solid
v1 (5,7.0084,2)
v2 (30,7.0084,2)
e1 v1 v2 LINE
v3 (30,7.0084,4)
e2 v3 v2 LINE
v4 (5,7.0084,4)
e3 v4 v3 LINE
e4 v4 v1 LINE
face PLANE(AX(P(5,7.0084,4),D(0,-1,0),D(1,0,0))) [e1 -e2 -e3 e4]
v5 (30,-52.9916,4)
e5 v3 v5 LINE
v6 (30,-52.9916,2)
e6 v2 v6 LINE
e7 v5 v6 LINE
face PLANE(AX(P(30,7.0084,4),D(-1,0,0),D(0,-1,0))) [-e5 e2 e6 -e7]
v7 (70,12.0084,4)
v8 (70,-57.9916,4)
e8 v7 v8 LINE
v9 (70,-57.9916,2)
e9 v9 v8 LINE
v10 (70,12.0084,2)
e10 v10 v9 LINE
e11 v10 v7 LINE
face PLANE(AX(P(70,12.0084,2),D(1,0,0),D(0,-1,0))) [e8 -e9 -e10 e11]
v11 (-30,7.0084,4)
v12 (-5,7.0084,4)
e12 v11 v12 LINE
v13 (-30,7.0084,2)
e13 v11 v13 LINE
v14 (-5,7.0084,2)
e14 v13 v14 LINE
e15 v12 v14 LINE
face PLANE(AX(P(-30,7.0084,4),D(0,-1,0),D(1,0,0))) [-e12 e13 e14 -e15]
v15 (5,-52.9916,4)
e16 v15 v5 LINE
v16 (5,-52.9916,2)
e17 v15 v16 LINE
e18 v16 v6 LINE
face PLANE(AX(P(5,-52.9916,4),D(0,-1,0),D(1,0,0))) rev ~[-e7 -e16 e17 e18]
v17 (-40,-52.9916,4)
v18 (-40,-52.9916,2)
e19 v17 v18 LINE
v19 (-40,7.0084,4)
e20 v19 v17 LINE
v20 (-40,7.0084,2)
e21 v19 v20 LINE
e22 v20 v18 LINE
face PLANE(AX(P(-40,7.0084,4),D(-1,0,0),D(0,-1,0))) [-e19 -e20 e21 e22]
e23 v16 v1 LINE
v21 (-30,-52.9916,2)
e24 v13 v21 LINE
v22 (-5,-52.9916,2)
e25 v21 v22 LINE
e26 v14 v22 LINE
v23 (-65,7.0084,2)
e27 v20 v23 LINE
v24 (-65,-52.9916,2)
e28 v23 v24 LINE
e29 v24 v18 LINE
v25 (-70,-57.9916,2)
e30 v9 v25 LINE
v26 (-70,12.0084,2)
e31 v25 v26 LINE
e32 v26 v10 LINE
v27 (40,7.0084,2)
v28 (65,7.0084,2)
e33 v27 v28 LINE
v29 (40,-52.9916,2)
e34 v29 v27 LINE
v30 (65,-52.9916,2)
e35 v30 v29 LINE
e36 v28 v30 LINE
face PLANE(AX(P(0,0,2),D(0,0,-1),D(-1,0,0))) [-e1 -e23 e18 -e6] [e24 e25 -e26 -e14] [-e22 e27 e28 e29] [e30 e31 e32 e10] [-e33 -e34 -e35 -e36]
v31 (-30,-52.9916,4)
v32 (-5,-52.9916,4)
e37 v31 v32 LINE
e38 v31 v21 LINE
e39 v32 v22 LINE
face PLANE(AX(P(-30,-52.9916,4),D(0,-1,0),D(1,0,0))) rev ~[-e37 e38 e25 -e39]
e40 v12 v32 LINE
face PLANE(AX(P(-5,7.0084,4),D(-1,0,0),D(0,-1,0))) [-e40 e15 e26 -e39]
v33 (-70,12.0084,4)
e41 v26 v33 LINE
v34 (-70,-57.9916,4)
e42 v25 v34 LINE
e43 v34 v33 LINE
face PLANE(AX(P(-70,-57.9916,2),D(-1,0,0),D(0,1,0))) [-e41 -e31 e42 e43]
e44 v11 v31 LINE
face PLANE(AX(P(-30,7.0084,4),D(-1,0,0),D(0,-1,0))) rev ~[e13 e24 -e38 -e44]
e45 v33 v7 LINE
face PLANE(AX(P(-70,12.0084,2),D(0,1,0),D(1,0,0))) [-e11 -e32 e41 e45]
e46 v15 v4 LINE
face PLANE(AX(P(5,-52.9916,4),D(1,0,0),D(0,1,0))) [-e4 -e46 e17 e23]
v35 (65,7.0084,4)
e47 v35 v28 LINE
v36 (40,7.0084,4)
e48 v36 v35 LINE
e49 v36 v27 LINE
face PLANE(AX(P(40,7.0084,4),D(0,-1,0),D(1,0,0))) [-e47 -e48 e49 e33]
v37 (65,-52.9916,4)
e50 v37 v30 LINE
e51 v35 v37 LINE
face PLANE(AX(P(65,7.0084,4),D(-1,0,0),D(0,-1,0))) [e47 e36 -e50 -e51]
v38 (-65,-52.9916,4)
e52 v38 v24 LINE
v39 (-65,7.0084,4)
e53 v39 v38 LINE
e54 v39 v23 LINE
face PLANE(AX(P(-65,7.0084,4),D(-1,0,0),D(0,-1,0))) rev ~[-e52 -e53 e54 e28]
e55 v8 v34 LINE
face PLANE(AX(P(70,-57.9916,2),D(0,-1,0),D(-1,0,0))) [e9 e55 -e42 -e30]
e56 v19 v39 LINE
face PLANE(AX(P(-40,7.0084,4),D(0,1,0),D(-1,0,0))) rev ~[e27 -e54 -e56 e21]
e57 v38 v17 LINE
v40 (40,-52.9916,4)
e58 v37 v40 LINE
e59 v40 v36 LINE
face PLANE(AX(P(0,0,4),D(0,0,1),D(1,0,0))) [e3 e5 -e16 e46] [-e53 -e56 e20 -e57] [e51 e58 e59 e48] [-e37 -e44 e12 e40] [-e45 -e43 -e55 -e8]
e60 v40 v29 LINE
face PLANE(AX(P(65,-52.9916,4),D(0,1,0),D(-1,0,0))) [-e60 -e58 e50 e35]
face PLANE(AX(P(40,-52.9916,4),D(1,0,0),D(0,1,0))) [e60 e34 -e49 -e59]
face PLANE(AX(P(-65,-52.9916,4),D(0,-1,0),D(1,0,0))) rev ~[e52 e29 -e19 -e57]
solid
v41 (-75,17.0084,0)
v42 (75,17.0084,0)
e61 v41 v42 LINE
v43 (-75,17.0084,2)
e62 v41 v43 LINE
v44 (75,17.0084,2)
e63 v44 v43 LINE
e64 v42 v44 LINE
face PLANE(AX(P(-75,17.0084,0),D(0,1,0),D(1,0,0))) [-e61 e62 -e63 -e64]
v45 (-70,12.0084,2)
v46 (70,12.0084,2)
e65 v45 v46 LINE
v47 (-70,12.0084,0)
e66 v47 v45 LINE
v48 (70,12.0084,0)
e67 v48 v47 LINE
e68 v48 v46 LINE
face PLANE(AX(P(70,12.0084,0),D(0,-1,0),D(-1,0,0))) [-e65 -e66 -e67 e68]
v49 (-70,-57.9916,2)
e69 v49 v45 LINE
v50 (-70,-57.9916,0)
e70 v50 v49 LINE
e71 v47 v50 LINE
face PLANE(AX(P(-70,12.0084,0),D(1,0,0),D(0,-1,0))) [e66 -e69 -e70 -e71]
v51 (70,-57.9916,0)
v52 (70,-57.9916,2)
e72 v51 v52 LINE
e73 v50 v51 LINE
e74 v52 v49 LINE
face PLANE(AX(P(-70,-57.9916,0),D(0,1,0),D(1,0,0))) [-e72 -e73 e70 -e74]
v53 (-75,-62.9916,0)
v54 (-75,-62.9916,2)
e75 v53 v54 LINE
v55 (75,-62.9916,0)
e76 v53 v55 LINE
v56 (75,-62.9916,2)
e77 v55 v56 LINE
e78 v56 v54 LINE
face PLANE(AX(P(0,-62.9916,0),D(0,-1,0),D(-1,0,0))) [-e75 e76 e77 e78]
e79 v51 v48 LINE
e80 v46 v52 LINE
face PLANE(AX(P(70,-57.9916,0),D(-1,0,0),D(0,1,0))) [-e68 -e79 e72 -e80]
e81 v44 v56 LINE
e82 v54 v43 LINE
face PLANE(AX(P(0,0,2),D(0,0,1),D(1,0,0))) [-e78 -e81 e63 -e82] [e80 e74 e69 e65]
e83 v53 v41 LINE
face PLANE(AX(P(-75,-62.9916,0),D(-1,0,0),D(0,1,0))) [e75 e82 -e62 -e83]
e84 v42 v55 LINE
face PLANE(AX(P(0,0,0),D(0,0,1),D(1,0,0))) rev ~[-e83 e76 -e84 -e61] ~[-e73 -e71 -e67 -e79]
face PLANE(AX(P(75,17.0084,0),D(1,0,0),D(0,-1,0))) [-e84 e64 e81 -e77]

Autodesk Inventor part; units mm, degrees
ref_plane "YZ Plane" through (0, 0, 0) normal (1, 0, 0) x (0, 1, 0)
ref_plane "XZ Plane" through (0, 0, 0) normal (0, 1, 0) x (-1, 0, 0)
ref_plane "XY Plane" through (0, 0, 0) normal (0, 0, 1) x (1, 0, 0)
sketch "Skizze1" plane through (0, 0, 0) normal (0, 0, 1) x (1, 0, 0)
  line L0 (0, -78.9916) -> (0, 33.0084) projected
  line L1 (-75, 17.0084) -> (75, 17.0084)
  line L2 (75, 17.0084) -> (75, -62.9916)
  line L3 (75, -62.9916) -> (-75, -62.9916)
  line L4 (-75, -62.9916) -> (-75, 17.0084)
  point P0 (0, 0)
  dimension "d0" = 150
  dimension "d1" = 80
extrude "Extrusion1" add sketch "Skizze1" along normal blind 2
sketch "Skizze2" plane through (0, 0, 2) normal (0, 0, 1) x (1, 0, 0)
  line L0 (-70, 12.0084) -> (70, 12.0084)
  line L1 (70, 12.0084) -> (70, -57.9916)
  line L2 (70, -57.9916) -> (-70, -57.9916)
  line L3 (-70, -57.9916) -> (-70, 12.0084)
  line L4 (75, 17.0084) -> (-75, 17.0084) projected
  line L5 (75, -62.9916) -> (75, 17.0084) projected
  point P0 (0, 0)
  dimension "d4" = 70
  dimension "d5" = 140
  dimension "d6" = 5
  dimension "d7" = 5
extrude "Extrusion2" add sketch "Skizze2" along normal blind 2
sketch "Skizze3" plane through (0, 0, 4) normal (0, 0, 1) x (1, 0, 0)
  line L0 (70, 12.0084) -> (-70, 12.0084) projected
  line L1 (-40, 12.0084) -> (-40, -57.9916)
  line L2 (-40, -57.9916) -> (-30, -57.9916)
  line L3 (-70, -57.9916) -> (70, -57.9916) projected
  line L4 (-40, 12.0084) -> (-30, 12.0084)
  line L5 (-30, 12.0084) -> (-30, -57.9916)
  line L6 (-5, -57.9916) -> (5, -57.9916)
  line L7 (5, -57.9916) -> (5, 12.0084)
  line L8 (5, 12.0084) -> (-5, 12.0084)
  line L9 (-5, 12.0084) -> (-5, -57.9916)
  line L10 (39.912, -57.9916) -> (40, -57.9916)
  line L11 (40, -57.9916) -> (40, 12.0084)
  line L12 (40, 12.0084) -> (30, 12.0084)
  line L13 (30, 12.0084) -> (30, -57.9916)
  line L14 (-70, 12.0084) -> (-70, -57.9916) projected
  line L15 (70, -57.9916) -> (70, 12.0084) projected
  line L16 (30, -57.9916) -> (40, -57.9916)
  line L17 (40, 7.0084) -> (65, 7.0084)
  line L18 (65, 7.0084) -> (65, -52.9916)
  line L19 (65, -52.9916) -> (40, -52.9916)
  line L20 (-40, 7.0084) -> (-65, 7.0084)
  line L21 (-65, 7.0084) -> (-65, -52.9916)
  line L22 (-65, -52.9916) -> (-40, -52.9916)
  line L23 (-40, 7.0084) -> (40, 7.0084)
  line L24 (-40, -52.9916) -> (40, -52.9916)
  point P0 (0, 0)
  point P1 (5, -52.9916)
  point P2 (30, -52.9916)
  point P3 (30, 7.0084)
  point P4 (5, 7.0084)
  point P5 (-30, -52.9916)
  point P6 (-5, -52.9916)
  point P7 (-5, 7.0084)
  point P8 (-30, 7.0084)
  dimension "d12" = 10
  dimension "d13" = 10
  dimension "d14" = 10
  dimension "d15" = 30
  dimension "d16" = 30
  dimension "d17" = 25
  dimension "d18" = 5
  dimension "d19" = 5
  dimension "d20" = 5
  dimension "d21" = 5
  dimension "d22" = 5
  dimension "d23" = 5
extrude "Extrusion3" cut sketch "Skizze3" against normal blind 5 contours L17 L18 L19 L11 | L13 L24 L7 L23 | L9 L24 L5 L23 | L1 L22 L21 L20
sketch "Skizze4" plane through (0, 0, 0) normal (0, 0, -1) x (-1, 0, 0)
  line L0 (-70, -57.9916) -> (-70, 12.0084) projected
  line L1 (70, 12.0084) -> (70, -57.9916) projected
  line L2 (-70, 12.0084) -> (70, 12.0084)
  line L3 (70, 12.0084) -> (70, -57.9916)
  line L4 (70, -57.9916) -> (-70, -57.9916)
  line L5 (-70, -57.9916) -> (-70, 12.0084)
  point P0 (0, 0)
extrude "Extrusion4" cut sketch "Skizze4" against normal blind 2
properties part number "Belüftung"
